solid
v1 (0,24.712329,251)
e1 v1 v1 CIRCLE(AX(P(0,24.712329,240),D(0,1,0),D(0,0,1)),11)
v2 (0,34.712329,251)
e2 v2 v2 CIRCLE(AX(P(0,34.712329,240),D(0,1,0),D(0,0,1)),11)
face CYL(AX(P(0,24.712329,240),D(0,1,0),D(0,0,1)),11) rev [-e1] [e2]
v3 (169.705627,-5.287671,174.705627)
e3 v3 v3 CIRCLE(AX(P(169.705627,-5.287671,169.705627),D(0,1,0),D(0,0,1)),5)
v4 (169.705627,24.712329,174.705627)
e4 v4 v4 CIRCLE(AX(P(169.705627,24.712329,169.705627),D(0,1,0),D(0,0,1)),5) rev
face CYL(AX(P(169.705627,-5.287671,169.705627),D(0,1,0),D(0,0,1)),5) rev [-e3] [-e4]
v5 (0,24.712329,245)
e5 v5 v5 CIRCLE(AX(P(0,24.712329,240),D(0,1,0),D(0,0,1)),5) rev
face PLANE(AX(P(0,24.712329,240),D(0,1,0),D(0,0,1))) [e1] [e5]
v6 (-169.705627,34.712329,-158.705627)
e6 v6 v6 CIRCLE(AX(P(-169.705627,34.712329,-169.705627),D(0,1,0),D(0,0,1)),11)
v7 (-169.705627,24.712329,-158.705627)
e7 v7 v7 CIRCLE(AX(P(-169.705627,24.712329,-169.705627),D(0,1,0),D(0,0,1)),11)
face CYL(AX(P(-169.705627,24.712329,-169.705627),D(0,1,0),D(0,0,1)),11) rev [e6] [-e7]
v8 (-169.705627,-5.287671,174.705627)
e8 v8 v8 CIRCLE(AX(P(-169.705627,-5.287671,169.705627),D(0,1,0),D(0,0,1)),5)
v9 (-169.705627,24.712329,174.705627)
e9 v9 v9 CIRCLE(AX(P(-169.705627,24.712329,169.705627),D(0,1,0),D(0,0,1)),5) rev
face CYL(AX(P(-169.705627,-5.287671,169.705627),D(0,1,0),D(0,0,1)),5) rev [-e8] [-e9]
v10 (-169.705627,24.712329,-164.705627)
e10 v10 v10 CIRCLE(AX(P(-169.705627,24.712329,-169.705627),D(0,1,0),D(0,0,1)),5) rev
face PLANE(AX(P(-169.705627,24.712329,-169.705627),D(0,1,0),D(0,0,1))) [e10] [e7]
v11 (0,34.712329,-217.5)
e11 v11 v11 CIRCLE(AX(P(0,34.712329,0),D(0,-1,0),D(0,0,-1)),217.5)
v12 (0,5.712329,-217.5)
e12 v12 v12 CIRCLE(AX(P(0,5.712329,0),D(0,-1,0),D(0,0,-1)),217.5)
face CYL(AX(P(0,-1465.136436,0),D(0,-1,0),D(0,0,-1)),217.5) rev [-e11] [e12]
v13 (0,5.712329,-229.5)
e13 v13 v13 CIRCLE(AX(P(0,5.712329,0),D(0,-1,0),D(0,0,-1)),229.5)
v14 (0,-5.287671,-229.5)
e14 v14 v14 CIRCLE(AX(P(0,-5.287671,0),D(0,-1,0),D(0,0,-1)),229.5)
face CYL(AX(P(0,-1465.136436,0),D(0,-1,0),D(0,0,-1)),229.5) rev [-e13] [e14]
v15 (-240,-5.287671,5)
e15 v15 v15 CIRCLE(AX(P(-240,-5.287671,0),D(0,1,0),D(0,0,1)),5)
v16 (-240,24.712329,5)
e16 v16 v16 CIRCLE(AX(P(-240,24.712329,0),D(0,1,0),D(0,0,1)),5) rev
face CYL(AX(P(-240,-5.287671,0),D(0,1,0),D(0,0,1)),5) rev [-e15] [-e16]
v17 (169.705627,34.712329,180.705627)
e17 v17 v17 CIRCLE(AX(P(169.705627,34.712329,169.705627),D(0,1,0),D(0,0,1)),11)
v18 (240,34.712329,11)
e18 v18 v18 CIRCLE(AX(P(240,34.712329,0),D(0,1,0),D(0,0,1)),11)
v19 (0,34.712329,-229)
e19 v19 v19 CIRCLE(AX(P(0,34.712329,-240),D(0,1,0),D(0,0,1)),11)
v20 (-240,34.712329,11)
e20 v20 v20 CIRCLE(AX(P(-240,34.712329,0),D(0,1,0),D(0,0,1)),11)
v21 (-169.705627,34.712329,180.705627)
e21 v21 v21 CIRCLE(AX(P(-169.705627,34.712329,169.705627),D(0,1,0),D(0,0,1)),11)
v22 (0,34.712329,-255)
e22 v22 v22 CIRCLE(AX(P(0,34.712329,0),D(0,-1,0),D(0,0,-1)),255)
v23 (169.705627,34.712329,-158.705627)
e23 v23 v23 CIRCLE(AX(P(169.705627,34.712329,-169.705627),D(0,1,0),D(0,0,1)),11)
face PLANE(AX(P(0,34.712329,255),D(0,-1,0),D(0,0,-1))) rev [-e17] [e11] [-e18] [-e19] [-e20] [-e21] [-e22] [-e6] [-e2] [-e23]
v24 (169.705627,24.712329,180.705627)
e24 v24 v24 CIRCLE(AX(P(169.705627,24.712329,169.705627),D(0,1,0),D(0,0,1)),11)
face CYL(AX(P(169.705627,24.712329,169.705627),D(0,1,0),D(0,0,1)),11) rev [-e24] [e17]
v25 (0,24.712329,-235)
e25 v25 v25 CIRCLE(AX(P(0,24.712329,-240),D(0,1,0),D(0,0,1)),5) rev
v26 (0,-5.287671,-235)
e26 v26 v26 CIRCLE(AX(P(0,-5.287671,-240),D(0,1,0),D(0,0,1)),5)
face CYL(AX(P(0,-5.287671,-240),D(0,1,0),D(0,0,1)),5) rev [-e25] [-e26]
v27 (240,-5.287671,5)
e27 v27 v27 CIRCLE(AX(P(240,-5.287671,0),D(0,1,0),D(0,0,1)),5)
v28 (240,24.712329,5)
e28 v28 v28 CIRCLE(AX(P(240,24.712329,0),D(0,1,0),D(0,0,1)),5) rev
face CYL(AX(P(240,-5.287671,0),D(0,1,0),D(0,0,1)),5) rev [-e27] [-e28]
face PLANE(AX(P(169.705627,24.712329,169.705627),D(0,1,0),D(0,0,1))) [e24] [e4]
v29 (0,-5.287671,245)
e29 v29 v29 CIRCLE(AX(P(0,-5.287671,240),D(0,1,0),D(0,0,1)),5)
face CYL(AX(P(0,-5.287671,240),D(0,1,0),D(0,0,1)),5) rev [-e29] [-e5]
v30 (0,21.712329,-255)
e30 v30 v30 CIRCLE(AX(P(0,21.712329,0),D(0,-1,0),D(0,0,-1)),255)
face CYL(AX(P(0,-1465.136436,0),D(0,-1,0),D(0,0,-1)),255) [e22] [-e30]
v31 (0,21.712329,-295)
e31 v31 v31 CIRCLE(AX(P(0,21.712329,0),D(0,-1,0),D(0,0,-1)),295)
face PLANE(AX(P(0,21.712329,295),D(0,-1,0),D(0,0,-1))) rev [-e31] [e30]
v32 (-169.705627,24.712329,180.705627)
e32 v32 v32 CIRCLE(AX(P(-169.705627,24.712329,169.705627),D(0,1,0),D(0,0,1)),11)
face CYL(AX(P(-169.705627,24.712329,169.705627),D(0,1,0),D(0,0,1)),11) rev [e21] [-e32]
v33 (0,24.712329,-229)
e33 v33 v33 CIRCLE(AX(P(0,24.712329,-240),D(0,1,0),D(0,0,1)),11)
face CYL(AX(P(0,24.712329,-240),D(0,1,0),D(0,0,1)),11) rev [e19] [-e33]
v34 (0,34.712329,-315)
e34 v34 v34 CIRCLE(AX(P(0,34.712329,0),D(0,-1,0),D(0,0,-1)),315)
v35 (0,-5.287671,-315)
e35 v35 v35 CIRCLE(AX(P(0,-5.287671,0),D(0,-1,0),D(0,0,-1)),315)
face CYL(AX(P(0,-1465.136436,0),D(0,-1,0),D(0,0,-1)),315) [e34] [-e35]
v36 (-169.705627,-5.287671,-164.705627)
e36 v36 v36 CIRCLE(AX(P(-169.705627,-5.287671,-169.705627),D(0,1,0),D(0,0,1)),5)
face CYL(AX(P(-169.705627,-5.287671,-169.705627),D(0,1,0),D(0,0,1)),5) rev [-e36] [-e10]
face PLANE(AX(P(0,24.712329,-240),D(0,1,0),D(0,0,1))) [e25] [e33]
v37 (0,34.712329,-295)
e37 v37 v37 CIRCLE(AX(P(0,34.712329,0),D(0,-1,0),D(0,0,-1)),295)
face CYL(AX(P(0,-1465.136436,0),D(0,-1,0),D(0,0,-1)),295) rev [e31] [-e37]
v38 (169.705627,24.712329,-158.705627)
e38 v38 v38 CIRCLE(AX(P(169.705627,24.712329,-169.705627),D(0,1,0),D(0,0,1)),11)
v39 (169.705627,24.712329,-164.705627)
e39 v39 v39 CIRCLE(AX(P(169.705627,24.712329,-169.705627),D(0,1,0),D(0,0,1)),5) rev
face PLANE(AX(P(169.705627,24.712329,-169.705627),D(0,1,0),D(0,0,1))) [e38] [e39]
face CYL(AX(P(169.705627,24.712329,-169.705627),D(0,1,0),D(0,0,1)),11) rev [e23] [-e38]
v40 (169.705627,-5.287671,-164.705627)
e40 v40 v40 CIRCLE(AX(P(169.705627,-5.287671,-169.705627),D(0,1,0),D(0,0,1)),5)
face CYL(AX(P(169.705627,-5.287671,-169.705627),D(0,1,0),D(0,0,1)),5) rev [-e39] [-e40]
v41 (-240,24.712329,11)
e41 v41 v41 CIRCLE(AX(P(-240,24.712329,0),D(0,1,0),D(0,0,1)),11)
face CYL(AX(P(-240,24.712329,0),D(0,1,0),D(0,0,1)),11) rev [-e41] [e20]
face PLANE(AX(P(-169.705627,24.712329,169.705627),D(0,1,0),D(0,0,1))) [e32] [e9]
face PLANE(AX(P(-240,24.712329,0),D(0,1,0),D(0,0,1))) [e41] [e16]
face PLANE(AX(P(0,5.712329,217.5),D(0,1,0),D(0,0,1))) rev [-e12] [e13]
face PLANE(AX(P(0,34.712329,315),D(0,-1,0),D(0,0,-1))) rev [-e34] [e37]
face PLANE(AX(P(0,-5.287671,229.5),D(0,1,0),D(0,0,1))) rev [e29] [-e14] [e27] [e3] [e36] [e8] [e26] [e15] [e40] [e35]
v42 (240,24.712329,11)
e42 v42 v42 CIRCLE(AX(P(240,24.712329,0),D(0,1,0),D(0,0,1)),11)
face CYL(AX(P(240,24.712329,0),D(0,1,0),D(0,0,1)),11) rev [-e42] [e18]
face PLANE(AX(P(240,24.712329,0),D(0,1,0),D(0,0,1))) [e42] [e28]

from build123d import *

# Parameters (mm, degrees)
SKETCH4_R          = 5
CUT_EXTRUDE1_DEPTH = 448.269493706
SKETCH5_R          = 11
CUT_EXTRUDE2_DEPTH = 10


with BuildPart() as part:
    # Sketch3 → Revolve1 (revolve)
    with BuildSketch(Plane(origin=(0, 0, 0), x_dir=(0, 0, -1), z_dir=(1, 0, 0)), mode=Mode.PRIVATE) as revolve1_sk:
        Polygon((-315, 34.712328767), (-295, 34.712328767), (-295, 21.712328767), (-255, 21.712328767), (-255, 34.712328767), (-217.5, 34.712328767), (-217.5, 5.712328767), (-229.5, 5.712328767), (-229.5, -5.287671233), (-315, -5.287671233), align=None)
    revolve(revolve1_sk.sketch.rotate(Axis((0, -1465.136435986, 0), (0, 1, 0)), 180), axis=Axis((0, -1465.136435986, 0), (0, 1, 0)))

    # Sketch4 → Cut-Extrude1 (cut, through all)
    with BuildSketch(Plane(origin=(0, 34.712328767, 0), x_dir=(1, 0, 0), z_dir=(0, 1, 0))):
        with Locations(Location((0, 240, 0), (0, 0, 270))):
            Circle(SKETCH4_R)
        with Locations(Location((169.705627485, 169.705627485, 0), (0, 0, 270))):
            Circle(SKETCH4_R)
        with Locations(Location((240, 0, 0), (0, 0, 270))):
            Circle(SKETCH4_R)
        with Locations(Location((169.705627485, -169.705627485, 0), (0, 0, 270))):
            Circle(SKETCH4_R)
        with Locations(Location((0, -240, 0), (0, 0, 270))):
            Circle(SKETCH4_R)
        with Locations(Location((-169.705627485, -169.705627485, 0), (0, 0, 270))):
            Circle(SKETCH4_R)
        with Locations(Location((-240, 0, 0), (0, 0, 270))):
            Circle(SKETCH4_R)
        with Locations(Location((-169.705627485, 169.705627485, 0), (0, 0, 270))):
            Circle(SKETCH4_R)
    extrude(amount=-CUT_EXTRUDE1_DEPTH, mode=Mode.SUBTRACT)

    # Sketch5 → Cut-Extrude2 (cut)
    with BuildSketch(Plane(origin=(0, 34.712328767, 0), x_dir=(1, 0, 0), z_dir=(0, 1, 0))):
        with Locations(Location((0, 240, 0), (0, 0, 270))):
            Circle(SKETCH5_R)
        with Locations(Location((169.705627485, 169.705627485, 0), (0, 0, 270))):
            Circle(SKETCH5_R)
        with Locations(Location((240, 0, 0), (0, 0, 270))):
            Circle(SKETCH5_R)
        with Locations(Location((169.705627485, -169.705627485, 0), (0, 0, 270))):
            Circle(SKETCH5_R)
        with Locations(Location((0, -240, 0), (0, 0, 270))):
            Circle(SKETCH5_R)
        with Locations(Location((-169.705627485, -169.705627485, 0), (0, 0, 270))):
            Circle(SKETCH5_R)
        with Locations(Location((-240, 0, 0), (0, 0, 270))):
            Circle(SKETCH5_R)
        with Locations(Location((-169.705627485, 169.705627485, 0), (0, 0, 270))):
            Circle(SKETCH5_R)
    extrude(amount=-CUT_EXTRUDE2_DEPTH, mode=Mode.SUBTRACT)


solid = part.part
